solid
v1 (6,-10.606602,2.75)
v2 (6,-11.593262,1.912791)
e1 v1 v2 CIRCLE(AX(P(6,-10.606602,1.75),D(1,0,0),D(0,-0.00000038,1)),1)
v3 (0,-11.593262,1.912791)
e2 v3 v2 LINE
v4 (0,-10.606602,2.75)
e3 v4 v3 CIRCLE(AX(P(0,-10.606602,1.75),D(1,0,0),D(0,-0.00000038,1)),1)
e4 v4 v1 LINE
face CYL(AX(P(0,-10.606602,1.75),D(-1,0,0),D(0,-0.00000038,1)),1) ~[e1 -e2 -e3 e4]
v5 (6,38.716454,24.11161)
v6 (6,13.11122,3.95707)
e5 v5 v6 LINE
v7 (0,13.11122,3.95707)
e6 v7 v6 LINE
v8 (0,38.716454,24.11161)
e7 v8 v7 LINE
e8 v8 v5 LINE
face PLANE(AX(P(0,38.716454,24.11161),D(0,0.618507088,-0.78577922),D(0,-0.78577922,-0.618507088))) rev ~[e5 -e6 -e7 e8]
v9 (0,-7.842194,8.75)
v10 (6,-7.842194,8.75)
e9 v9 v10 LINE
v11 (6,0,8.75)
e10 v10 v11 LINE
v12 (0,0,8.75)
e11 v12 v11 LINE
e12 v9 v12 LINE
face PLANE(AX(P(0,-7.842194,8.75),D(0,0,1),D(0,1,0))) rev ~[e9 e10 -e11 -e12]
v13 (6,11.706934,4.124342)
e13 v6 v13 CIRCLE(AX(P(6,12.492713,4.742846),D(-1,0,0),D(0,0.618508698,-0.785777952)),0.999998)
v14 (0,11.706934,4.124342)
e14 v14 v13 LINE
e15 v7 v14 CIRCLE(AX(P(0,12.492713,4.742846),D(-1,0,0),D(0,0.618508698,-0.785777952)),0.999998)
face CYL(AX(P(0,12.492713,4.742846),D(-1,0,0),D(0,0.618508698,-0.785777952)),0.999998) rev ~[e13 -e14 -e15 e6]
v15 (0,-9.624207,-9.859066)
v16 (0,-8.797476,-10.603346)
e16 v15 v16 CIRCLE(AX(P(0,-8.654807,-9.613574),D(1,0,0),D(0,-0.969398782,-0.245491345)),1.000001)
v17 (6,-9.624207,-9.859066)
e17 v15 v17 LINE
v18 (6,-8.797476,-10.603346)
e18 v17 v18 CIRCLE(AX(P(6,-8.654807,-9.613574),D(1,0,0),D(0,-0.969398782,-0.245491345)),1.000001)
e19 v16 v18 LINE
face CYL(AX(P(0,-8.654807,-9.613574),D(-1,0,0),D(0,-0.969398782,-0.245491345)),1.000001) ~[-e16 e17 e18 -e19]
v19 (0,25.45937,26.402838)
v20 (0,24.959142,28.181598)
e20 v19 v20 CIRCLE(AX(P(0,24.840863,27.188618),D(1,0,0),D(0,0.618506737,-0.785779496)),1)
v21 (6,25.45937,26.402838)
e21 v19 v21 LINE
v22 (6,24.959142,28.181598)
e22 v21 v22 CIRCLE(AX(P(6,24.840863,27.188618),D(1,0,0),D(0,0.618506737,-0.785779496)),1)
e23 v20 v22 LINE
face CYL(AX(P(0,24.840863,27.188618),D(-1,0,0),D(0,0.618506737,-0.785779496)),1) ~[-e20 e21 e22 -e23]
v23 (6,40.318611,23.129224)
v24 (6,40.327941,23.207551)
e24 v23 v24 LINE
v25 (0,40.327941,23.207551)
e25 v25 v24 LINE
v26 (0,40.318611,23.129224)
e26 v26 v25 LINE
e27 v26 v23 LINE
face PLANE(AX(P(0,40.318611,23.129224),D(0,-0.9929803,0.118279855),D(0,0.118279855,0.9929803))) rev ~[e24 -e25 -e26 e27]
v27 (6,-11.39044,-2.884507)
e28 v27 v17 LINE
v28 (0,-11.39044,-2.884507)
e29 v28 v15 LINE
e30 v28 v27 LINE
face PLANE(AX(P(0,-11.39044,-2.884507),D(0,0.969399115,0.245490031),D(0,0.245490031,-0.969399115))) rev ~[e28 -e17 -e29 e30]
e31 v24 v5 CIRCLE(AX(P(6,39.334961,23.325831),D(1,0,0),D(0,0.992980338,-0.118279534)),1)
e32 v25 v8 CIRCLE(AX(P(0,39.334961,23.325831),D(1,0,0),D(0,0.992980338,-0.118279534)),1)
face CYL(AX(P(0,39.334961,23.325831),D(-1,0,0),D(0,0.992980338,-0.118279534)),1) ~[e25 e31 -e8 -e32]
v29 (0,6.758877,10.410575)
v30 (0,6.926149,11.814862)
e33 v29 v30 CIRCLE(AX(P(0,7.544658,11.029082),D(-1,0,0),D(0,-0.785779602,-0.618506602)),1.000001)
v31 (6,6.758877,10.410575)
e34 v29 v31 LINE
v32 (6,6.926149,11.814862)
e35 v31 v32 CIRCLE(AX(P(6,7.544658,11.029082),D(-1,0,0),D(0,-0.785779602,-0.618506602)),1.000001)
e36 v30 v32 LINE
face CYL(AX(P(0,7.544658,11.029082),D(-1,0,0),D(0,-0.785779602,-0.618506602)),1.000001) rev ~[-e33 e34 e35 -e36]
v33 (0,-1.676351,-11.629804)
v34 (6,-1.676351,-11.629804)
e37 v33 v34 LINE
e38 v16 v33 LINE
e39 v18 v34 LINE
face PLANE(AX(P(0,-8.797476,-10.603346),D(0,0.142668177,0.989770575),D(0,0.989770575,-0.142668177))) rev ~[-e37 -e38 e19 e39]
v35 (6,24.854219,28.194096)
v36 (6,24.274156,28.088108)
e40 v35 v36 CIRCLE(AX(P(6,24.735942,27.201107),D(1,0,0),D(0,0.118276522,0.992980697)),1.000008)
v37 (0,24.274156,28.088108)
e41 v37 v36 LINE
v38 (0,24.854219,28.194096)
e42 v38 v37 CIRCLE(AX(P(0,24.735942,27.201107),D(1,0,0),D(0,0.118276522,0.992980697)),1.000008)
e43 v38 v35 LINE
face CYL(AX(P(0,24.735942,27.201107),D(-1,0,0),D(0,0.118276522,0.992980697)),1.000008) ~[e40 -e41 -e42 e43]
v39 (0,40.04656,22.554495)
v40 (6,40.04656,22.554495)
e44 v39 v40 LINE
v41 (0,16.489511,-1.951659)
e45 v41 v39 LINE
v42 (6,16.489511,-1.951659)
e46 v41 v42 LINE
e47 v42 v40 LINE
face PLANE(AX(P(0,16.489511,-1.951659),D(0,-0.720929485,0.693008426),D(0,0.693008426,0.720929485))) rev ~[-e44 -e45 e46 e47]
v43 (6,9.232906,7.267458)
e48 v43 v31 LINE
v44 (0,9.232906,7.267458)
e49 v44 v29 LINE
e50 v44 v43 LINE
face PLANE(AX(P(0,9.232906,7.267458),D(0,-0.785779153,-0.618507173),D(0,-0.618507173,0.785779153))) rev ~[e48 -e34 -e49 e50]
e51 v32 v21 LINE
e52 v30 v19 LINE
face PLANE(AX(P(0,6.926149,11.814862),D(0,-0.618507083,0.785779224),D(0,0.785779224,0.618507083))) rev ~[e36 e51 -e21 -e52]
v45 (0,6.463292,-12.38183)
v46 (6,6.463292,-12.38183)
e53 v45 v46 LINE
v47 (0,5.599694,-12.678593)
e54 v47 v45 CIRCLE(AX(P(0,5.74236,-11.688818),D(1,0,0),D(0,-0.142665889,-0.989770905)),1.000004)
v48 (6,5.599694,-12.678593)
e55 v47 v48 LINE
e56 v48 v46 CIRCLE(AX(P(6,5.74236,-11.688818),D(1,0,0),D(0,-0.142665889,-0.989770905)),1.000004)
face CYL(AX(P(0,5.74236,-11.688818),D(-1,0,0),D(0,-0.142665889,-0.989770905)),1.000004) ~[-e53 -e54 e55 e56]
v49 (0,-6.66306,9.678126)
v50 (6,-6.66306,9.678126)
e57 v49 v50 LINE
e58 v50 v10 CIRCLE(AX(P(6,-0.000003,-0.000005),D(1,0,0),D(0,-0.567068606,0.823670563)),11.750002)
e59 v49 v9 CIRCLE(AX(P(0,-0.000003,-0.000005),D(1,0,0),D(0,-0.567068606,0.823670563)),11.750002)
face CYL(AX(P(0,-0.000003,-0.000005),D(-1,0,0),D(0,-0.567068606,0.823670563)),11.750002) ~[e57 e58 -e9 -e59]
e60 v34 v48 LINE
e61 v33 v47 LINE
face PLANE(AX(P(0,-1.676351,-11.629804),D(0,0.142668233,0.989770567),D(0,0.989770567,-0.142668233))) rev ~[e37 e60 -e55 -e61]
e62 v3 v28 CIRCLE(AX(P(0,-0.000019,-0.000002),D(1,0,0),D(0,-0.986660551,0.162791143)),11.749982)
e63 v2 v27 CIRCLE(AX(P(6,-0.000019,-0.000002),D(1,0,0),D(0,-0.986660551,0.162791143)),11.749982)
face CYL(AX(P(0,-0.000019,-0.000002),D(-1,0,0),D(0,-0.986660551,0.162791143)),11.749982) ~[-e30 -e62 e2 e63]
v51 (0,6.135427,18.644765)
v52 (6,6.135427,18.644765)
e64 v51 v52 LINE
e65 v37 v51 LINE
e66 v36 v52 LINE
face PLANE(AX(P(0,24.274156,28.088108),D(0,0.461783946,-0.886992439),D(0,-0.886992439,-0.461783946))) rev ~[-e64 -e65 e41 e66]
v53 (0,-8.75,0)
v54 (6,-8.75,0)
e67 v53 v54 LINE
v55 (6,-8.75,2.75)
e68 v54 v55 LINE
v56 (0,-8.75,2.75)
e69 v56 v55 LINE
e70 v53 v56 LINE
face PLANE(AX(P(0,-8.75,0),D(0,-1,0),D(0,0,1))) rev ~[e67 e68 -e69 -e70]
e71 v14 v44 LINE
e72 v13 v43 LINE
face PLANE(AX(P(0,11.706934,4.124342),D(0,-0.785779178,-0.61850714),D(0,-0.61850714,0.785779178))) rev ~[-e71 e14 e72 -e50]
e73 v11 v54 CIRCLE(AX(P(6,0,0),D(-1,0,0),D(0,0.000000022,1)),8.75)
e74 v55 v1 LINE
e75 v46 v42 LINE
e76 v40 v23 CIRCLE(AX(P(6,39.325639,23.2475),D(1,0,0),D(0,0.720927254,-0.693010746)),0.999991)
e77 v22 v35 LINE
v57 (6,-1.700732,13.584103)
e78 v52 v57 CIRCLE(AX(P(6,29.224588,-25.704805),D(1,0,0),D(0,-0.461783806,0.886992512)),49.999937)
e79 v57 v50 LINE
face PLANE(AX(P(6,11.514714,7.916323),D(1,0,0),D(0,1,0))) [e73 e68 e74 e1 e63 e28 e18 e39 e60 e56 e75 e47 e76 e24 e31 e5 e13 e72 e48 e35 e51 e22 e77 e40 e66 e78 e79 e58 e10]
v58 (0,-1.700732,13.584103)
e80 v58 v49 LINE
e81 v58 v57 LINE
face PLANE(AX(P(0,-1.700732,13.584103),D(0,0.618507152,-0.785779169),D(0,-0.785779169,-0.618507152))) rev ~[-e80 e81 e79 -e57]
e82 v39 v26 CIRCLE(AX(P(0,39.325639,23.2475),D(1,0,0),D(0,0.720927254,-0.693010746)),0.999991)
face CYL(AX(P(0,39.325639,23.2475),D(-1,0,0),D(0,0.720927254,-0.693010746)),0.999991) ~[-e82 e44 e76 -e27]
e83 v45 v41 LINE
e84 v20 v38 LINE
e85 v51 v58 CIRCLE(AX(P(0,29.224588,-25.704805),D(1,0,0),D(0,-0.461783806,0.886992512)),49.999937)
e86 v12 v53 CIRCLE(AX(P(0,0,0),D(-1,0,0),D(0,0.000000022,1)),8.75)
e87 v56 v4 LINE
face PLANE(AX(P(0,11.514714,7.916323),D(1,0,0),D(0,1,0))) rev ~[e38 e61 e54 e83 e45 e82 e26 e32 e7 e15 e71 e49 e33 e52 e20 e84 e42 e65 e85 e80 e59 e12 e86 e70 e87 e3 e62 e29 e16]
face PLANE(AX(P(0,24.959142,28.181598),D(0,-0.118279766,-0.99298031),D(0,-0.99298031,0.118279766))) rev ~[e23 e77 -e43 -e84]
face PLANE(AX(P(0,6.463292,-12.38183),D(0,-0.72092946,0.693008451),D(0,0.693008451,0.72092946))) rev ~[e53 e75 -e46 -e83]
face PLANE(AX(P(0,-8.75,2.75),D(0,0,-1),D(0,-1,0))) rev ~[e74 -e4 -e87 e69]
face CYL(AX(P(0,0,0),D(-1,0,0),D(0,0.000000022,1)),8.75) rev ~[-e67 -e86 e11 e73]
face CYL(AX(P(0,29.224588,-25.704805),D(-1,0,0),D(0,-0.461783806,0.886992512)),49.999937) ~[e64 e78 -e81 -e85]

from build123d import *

# Parameters (mm, degrees)
F1_DEPTH = 6


with BuildPart() as f1:
    # F0 (on Right) → F1 (new body)
    with BuildSketch(Plane.YZ):
        with BuildLine():
            ThreePointArc((0, 8.75), (6.187184, -6.187184), (-8.75, 0))
            Line((-8.75, 0), (-8.75, 2.75))
            Line((-8.75, 2.75), (-10.606602, 2.75))
            ThreePointArc((-10.606602, 2.75), (-11.253598, 2.512493), (-11.593262, 1.912791))
            ThreePointArc((-11.593262, 1.912791), (-11.739513, -0.496329), (-11.39044, -2.884507))
            Line((-11.39044, -2.884507), (-9.624207, -9.859066))
            ThreePointArc((-9.624207, -9.859066), (-9.323883, -10.35677), (-8.797476, -10.603346))
            Line((-8.797476, -10.603346), (-1.676351, -11.629804))
            Line((-1.676351, -11.629804), (5.599694, -12.678593))
            ThreePointArc((5.599694, -12.678593), (6.067344, -12.634542), (6.463292, -12.38183))
            Line((6.463292, -12.38183), (16.489511, -1.951659))
            Line((16.489511, -1.951659), (40.04656, 22.554495))
            ThreePointArc((40.04656, 22.554495), (40.229484, 22.81966), (40.318611, 23.129224))
            Line((40.318611, 23.129224), (40.327941, 23.207551))
            ThreePointArc((40.327941, 23.207551), (39.824234, 24.197961), (38.716454, 24.11161))
            Line((38.716454, 24.11161), (13.11122, 3.95707))
            ThreePointArc((13.11122, 3.95707), (12.374434, 3.749868), (11.706934, 4.124342))
            Line((11.706934, 4.124342), (9.232906, 7.267458))
            Line((9.232906, 7.267458), (6.758877, 10.410575))
            ThreePointArc((6.758877, 10.410575), (6.551676, 11.147362), (6.926149, 11.814862))
            Line((6.926149, 11.814862), (25.45937, 26.402838))
            ThreePointArc((25.45937, 26.402838), (25.803521, 27.459339), (24.959142, 28.181598))
            Line((24.959142, 28.181598), (24.854219, 28.194096))
            ThreePointArc((24.854219, 28.194096), (24.556198, 28.184829), (24.274156, 28.088108))
            Line((24.274156, 28.088108), (6.135427, 18.644765))
            ThreePointArc((6.135427, 18.644765), (2.099072, 16.297577), (-1.700732, 13.584103))
            Line((-1.700732, 13.584103), (-6.66306, 9.678126))
            Line((-6.66306, 9.678126), (-7.842194, 8.75))
            Line((-7.842194, 8.75), (0, 8.75))
        make_face()
        with BuildLine():
            ThreePointArc((-6.66306, 9.678126), (-7.267458, 9.232906), (-7.842194, 8.75))
            Line((-7.842194, 8.75), (-6.66306, 9.678126))
        make_face()
    extrude(amount=F1_DEPTH)


solid = f1.part
